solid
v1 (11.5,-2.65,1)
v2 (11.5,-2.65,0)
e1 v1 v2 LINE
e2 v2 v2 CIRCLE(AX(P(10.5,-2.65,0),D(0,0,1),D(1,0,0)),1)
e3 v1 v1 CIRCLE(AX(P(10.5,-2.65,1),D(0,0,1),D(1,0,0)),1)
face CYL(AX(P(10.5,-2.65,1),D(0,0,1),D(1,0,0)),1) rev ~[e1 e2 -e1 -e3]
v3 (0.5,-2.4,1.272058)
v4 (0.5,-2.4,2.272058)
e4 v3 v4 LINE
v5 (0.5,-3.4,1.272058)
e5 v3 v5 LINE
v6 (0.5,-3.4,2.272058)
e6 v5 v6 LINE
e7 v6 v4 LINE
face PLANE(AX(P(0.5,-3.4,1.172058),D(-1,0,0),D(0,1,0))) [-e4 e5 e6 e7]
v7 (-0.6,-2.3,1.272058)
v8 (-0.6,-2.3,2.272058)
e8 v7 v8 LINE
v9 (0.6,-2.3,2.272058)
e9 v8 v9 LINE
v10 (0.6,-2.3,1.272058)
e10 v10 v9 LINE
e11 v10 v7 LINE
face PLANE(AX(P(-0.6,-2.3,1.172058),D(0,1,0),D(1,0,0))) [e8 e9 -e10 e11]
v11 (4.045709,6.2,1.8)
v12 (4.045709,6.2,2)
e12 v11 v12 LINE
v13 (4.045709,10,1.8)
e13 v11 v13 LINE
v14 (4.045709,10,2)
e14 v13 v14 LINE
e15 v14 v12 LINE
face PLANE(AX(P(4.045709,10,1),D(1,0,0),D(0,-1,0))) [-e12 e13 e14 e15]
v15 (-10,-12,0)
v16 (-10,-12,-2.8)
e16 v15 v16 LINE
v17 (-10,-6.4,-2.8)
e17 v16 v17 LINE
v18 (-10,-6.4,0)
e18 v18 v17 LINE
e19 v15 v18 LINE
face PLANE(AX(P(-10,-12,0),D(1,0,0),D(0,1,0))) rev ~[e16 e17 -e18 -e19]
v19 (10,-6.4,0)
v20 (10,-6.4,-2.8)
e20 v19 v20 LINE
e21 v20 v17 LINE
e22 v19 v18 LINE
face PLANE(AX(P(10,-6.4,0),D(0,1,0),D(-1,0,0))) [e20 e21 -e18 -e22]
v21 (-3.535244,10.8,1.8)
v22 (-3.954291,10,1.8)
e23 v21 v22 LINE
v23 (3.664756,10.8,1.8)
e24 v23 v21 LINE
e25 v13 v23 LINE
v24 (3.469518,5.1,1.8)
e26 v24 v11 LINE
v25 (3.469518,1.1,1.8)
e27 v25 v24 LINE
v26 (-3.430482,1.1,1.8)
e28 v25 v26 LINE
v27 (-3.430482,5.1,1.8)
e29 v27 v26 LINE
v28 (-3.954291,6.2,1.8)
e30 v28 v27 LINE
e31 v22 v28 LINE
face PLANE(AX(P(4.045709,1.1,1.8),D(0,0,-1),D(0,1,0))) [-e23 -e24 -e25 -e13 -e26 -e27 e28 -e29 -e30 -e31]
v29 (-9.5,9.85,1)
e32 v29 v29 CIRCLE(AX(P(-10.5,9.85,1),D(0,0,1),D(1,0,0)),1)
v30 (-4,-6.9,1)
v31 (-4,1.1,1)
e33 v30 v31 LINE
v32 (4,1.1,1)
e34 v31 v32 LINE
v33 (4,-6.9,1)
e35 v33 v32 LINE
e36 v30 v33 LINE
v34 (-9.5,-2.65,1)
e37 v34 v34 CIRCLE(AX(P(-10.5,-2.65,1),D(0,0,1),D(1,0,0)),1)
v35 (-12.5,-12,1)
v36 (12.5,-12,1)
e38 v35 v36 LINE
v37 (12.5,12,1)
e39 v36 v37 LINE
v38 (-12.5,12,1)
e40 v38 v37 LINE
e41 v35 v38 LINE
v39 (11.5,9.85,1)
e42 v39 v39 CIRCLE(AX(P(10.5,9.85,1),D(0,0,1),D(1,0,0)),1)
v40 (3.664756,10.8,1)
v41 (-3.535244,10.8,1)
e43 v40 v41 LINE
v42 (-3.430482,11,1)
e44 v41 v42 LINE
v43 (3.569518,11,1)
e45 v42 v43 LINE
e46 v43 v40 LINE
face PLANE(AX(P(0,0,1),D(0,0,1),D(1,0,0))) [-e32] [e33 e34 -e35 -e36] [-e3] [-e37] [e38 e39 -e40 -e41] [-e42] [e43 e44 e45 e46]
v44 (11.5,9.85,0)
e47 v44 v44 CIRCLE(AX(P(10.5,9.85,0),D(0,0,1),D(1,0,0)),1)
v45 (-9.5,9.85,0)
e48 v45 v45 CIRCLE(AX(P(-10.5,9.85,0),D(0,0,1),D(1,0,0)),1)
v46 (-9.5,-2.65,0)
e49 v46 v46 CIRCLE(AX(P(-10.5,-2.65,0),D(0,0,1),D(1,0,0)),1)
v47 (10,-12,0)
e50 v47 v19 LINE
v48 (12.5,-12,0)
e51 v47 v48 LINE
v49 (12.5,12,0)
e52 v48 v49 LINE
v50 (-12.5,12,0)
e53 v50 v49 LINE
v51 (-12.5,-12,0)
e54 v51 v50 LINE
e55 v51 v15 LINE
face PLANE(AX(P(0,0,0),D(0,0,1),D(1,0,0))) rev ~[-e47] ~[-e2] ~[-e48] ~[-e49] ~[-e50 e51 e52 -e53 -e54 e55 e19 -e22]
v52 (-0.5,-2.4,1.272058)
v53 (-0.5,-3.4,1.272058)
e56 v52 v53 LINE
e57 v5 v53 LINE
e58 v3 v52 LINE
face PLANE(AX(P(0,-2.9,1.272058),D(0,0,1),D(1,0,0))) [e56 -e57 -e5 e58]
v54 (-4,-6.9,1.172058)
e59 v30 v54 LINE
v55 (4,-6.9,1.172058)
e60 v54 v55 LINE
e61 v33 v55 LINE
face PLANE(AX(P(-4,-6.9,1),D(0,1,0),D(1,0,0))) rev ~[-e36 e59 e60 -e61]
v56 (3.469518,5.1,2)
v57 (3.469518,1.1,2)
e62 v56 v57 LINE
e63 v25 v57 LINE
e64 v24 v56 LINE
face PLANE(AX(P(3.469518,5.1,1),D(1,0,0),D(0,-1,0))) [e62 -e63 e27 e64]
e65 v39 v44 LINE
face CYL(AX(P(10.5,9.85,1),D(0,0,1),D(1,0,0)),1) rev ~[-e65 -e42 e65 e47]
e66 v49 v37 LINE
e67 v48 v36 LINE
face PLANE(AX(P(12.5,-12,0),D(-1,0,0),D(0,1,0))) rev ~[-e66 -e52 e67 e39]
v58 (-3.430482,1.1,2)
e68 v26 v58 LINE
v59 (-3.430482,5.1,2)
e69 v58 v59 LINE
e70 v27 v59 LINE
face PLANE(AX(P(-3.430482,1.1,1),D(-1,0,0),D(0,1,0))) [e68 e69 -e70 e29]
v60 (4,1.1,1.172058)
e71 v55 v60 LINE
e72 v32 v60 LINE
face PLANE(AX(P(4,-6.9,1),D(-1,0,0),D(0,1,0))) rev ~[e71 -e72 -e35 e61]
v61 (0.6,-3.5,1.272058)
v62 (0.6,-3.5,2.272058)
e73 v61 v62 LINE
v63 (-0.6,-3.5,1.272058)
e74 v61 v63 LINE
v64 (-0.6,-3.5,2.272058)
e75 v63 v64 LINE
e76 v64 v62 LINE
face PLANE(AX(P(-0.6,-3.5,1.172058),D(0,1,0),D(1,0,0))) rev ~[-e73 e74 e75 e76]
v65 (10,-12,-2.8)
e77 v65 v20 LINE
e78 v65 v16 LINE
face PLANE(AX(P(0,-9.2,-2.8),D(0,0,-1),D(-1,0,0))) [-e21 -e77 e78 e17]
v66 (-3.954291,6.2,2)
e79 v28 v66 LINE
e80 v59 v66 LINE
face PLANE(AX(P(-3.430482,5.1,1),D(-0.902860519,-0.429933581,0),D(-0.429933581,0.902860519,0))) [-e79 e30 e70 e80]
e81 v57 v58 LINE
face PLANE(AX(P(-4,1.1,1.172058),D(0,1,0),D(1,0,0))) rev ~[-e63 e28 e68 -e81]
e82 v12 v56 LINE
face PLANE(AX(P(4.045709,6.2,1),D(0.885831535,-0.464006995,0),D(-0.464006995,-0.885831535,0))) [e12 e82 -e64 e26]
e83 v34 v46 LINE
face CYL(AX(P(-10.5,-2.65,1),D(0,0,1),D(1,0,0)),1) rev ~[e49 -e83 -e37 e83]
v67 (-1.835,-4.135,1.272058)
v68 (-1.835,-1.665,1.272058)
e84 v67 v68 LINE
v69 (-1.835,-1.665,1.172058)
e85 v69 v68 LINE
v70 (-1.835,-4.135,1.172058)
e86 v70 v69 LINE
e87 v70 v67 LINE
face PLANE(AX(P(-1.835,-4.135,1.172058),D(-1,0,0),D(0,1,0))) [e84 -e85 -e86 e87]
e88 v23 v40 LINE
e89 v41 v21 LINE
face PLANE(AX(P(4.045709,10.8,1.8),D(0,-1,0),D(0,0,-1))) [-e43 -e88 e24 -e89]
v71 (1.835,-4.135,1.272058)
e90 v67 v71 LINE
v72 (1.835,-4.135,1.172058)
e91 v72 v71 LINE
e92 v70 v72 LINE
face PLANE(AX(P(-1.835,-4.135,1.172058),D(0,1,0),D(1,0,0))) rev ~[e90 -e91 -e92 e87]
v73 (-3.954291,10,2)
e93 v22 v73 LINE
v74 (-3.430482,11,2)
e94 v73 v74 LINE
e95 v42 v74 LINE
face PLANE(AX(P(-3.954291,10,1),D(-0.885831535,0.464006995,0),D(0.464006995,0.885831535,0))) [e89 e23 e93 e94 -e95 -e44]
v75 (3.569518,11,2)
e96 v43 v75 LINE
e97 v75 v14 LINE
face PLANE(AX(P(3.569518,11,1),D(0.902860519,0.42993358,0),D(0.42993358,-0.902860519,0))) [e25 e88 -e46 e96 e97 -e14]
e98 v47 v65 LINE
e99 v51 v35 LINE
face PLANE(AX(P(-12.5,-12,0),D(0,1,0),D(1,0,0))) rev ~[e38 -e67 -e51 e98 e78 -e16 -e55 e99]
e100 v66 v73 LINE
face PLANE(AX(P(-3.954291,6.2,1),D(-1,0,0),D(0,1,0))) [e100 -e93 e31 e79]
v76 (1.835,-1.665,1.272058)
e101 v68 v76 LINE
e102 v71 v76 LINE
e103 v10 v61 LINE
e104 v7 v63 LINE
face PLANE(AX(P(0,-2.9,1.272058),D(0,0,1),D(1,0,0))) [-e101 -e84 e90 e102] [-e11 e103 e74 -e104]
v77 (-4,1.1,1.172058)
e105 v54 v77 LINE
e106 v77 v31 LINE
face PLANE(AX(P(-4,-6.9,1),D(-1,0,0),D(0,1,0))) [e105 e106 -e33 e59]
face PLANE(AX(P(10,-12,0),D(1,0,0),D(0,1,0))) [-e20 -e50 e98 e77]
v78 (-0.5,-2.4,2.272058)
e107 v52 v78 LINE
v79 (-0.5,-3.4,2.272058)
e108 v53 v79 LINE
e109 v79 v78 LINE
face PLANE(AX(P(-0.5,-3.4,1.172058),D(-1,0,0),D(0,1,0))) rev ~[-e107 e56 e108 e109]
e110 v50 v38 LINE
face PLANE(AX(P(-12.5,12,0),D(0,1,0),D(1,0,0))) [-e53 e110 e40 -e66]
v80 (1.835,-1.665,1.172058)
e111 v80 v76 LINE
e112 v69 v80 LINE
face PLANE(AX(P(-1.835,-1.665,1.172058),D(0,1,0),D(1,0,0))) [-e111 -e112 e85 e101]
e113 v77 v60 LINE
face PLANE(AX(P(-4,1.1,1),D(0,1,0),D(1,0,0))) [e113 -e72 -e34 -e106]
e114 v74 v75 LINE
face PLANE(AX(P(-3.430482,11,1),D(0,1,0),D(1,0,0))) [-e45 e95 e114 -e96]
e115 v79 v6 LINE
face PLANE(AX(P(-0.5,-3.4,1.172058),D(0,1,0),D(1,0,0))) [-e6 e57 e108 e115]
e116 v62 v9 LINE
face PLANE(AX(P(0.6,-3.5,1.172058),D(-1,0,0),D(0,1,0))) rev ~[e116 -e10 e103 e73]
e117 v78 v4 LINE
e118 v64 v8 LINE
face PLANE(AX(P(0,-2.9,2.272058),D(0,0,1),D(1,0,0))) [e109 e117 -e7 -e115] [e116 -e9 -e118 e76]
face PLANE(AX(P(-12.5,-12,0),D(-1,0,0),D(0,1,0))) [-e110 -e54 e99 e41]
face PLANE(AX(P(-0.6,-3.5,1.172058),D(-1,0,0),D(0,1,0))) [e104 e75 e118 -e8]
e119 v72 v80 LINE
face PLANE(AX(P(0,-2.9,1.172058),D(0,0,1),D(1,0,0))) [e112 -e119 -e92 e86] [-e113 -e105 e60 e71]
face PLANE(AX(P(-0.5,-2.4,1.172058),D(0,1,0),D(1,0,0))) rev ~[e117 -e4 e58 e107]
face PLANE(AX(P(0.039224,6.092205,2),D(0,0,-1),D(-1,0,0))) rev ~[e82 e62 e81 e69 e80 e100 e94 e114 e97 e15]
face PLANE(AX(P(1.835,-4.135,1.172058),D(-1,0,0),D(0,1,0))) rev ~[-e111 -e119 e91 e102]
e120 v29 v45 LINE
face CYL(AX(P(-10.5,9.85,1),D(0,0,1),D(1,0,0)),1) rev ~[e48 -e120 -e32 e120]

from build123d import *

# Parameters (mm, degrees)
SKETCH1_W                 = 25
SKETCH1_H                 = 24
BOSS_EXTRUDE1_DEPTH       = 1
SKETCH2_R                 = 1
CUT_EXTRUDE1_DEPTH        = 1
SKETCH3_W                 = 8
SKETCH3_H                 = 8
BOSS_EXTRUDE2_DEPTH       = 5.2
SKETCH4_W                 = 8
SKETCH4_H                 = 8
SKETCH4_R                 = 3.75
CUT_EXTRUDE2_DEPTH        = 3.2
SKETCH5_R                 = 3.75
SKETCH5_R_2               = 3
CUT_EXTRUDE3_DEPTH        = 1.2
TOP_RIBBON_DEPTH          = 1
SKETCH7_W                 = 0.8
SKETCH7_H                 = 9.7
CUT_EXTRUDE4_DEPTH        = 9
SKETCH8_W                 = 20
SKETCH8_H                 = 5.6
REAR_RIBBON_DEPTH         = 2.8
CUT_EXTRUDE5_DEPTH        = 10
CUT_EXTRUDE5_DEPTH_BACK   = 1.827942302
SKETCH9_W                 = 8
SKETCH9_H                 = 8
SKETCH10_W                = 3.67
SKETCH10_H                = 2.47
CCD_DEPTH                 = 0.1
SKETCH11_W                = 1.2
SKETCH11_H                = 1.2
SKETCH11_W_2              = 1
SKETCH11_H_2              = 1
TELESCOPE_ALIGNMENT_DEPTH = 1.1


with BuildPart() as part:
    # Sketch1 → Boss-Extrude1 (new body)
    with BuildSketch(Plane.XY):
        Rectangle(SKETCH1_W, SKETCH1_H)
    extrude(amount=BOSS_EXTRUDE1_DEPTH)

    # Sketch2 → Cut-Extrude1 (cut)
    with BuildSketch(Plane.XY.offset(1)):
        with Locations((-10.5, 9.85)):
            Circle(SKETCH2_R)
        with Locations((10.5, 9.85)):
            Circle(SKETCH2_R)
        with Locations((10.5, -2.65)):
            Circle(SKETCH2_R)
        with Locations((-10.5, -2.65)):
            Circle(SKETCH2_R)
    extrude(amount=-CUT_EXTRUDE1_DEPTH, mode=Mode.SUBTRACT)

    # Sketch3 → Boss-Extrude2 (add)
    with BuildSketch(Plane.XY.offset(1)):
        with Locations((0, -2.9)):
            Rectangle(SKETCH3_W, SKETCH3_H)
    extrude(amount=BOSS_EXTRUDE2_DEPTH)

    # Sketch4 → Cut-Extrude2 (cut)
    with BuildSketch(Plane.XY.offset(6.2)):
        with Locations((0, -2.9)):
            Rectangle(SKETCH4_W, SKETCH4_H)
        with Locations((0, -2.9)):
            Circle(SKETCH4_R, mode=Mode.SUBTRACT)
    extrude(amount=-CUT_EXTRUDE2_DEPTH, mode=Mode.SUBTRACT)

    # Sketch5 → Cut-Extrude3 (cut)
    with BuildSketch(Plane.XY.offset(6.2)):
        with Locations((0, -2.9)):
            Circle(SKETCH5_R)
        with Locations((0, -2.9)):
            Circle(SKETCH5_R_2, mode=Mode.SUBTRACT)
    extrude(amount=-CUT_EXTRUDE3_DEPTH, mode=Mode.SUBTRACT)

    # Sketch6 → Top Ribbon (add)
    with BuildSketch(Plane.XY.offset(1)):
        Polygon((-3.430481742, 1.1), (-3.430481742, 5.1), (-3.954291266, 6.2), (-3.954291266, 10), (-3.430481742, 11), (3.569518258, 11), (4.045708734, 10), (4.045708734, 6.2), (3.469518258, 5.1), (3.469518258, 1.1), align=None)
    extrude(amount=TOP_RIBBON_DEPTH)

    # Sketch7 → Cut-Extrude4 (cut)
    with BuildSketch(Plane(origin=(4.045708734, 0, 0), x_dir=(0, 0, -1), z_dir=(1, 0, 0))):
        with Locations((-1.4, 5.95)):
            Rectangle(SKETCH7_W, SKETCH7_H)
    extrude(amount=-CUT_EXTRUDE4_DEPTH, mode=Mode.SUBTRACT)

    # Sketch8 → Rear Ribbon (add)
    with BuildSketch(Plane(origin=(0, 0, 0), x_dir=(-1, 0, 0), z_dir=(0, 0, -1))):
        with Locations((0, -9.2)):
            Rectangle(SKETCH8_W, SKETCH8_H)
    extrude(amount=REAR_RIBBON_DEPTH)

    # Sketch9 → Cut-Extrude5 (cut, two sides: drawn at the far end of the back side and taken through both)
    with BuildSketch(Plane.XY.offset(3).offset(-CUT_EXTRUDE5_DEPTH_BACK)):
        with Locations((0, -2.9)):
            Rectangle(SKETCH9_W, SKETCH9_H)
    extrude(amount=CUT_EXTRUDE5_DEPTH + CUT_EXTRUDE5_DEPTH_BACK, mode=Mode.SUBTRACT)

    # Sketch10 → CCD (add)
    with BuildSketch(Plane.XY.offset(1.172057698)):
        with Locations((0, -2.9)):
            Rectangle(SKETCH10_W, SKETCH10_H)
    extrude(amount=CCD_DEPTH)

    # Sketch11 → Telescope Alignment (add)
    with BuildSketch(Plane.XY.offset(1.172057698)):
        with Locations((0, -2.9)):
            Rectangle(SKETCH11_W, SKETCH11_H)
        with Locations((0, -2.9)):
            Rectangle(SKETCH11_W_2, SKETCH11_H_2, mode=Mode.SUBTRACT)
    extrude(amount=TELESCOPE_ALIGNMENT_DEPTH)


solid = part.part
